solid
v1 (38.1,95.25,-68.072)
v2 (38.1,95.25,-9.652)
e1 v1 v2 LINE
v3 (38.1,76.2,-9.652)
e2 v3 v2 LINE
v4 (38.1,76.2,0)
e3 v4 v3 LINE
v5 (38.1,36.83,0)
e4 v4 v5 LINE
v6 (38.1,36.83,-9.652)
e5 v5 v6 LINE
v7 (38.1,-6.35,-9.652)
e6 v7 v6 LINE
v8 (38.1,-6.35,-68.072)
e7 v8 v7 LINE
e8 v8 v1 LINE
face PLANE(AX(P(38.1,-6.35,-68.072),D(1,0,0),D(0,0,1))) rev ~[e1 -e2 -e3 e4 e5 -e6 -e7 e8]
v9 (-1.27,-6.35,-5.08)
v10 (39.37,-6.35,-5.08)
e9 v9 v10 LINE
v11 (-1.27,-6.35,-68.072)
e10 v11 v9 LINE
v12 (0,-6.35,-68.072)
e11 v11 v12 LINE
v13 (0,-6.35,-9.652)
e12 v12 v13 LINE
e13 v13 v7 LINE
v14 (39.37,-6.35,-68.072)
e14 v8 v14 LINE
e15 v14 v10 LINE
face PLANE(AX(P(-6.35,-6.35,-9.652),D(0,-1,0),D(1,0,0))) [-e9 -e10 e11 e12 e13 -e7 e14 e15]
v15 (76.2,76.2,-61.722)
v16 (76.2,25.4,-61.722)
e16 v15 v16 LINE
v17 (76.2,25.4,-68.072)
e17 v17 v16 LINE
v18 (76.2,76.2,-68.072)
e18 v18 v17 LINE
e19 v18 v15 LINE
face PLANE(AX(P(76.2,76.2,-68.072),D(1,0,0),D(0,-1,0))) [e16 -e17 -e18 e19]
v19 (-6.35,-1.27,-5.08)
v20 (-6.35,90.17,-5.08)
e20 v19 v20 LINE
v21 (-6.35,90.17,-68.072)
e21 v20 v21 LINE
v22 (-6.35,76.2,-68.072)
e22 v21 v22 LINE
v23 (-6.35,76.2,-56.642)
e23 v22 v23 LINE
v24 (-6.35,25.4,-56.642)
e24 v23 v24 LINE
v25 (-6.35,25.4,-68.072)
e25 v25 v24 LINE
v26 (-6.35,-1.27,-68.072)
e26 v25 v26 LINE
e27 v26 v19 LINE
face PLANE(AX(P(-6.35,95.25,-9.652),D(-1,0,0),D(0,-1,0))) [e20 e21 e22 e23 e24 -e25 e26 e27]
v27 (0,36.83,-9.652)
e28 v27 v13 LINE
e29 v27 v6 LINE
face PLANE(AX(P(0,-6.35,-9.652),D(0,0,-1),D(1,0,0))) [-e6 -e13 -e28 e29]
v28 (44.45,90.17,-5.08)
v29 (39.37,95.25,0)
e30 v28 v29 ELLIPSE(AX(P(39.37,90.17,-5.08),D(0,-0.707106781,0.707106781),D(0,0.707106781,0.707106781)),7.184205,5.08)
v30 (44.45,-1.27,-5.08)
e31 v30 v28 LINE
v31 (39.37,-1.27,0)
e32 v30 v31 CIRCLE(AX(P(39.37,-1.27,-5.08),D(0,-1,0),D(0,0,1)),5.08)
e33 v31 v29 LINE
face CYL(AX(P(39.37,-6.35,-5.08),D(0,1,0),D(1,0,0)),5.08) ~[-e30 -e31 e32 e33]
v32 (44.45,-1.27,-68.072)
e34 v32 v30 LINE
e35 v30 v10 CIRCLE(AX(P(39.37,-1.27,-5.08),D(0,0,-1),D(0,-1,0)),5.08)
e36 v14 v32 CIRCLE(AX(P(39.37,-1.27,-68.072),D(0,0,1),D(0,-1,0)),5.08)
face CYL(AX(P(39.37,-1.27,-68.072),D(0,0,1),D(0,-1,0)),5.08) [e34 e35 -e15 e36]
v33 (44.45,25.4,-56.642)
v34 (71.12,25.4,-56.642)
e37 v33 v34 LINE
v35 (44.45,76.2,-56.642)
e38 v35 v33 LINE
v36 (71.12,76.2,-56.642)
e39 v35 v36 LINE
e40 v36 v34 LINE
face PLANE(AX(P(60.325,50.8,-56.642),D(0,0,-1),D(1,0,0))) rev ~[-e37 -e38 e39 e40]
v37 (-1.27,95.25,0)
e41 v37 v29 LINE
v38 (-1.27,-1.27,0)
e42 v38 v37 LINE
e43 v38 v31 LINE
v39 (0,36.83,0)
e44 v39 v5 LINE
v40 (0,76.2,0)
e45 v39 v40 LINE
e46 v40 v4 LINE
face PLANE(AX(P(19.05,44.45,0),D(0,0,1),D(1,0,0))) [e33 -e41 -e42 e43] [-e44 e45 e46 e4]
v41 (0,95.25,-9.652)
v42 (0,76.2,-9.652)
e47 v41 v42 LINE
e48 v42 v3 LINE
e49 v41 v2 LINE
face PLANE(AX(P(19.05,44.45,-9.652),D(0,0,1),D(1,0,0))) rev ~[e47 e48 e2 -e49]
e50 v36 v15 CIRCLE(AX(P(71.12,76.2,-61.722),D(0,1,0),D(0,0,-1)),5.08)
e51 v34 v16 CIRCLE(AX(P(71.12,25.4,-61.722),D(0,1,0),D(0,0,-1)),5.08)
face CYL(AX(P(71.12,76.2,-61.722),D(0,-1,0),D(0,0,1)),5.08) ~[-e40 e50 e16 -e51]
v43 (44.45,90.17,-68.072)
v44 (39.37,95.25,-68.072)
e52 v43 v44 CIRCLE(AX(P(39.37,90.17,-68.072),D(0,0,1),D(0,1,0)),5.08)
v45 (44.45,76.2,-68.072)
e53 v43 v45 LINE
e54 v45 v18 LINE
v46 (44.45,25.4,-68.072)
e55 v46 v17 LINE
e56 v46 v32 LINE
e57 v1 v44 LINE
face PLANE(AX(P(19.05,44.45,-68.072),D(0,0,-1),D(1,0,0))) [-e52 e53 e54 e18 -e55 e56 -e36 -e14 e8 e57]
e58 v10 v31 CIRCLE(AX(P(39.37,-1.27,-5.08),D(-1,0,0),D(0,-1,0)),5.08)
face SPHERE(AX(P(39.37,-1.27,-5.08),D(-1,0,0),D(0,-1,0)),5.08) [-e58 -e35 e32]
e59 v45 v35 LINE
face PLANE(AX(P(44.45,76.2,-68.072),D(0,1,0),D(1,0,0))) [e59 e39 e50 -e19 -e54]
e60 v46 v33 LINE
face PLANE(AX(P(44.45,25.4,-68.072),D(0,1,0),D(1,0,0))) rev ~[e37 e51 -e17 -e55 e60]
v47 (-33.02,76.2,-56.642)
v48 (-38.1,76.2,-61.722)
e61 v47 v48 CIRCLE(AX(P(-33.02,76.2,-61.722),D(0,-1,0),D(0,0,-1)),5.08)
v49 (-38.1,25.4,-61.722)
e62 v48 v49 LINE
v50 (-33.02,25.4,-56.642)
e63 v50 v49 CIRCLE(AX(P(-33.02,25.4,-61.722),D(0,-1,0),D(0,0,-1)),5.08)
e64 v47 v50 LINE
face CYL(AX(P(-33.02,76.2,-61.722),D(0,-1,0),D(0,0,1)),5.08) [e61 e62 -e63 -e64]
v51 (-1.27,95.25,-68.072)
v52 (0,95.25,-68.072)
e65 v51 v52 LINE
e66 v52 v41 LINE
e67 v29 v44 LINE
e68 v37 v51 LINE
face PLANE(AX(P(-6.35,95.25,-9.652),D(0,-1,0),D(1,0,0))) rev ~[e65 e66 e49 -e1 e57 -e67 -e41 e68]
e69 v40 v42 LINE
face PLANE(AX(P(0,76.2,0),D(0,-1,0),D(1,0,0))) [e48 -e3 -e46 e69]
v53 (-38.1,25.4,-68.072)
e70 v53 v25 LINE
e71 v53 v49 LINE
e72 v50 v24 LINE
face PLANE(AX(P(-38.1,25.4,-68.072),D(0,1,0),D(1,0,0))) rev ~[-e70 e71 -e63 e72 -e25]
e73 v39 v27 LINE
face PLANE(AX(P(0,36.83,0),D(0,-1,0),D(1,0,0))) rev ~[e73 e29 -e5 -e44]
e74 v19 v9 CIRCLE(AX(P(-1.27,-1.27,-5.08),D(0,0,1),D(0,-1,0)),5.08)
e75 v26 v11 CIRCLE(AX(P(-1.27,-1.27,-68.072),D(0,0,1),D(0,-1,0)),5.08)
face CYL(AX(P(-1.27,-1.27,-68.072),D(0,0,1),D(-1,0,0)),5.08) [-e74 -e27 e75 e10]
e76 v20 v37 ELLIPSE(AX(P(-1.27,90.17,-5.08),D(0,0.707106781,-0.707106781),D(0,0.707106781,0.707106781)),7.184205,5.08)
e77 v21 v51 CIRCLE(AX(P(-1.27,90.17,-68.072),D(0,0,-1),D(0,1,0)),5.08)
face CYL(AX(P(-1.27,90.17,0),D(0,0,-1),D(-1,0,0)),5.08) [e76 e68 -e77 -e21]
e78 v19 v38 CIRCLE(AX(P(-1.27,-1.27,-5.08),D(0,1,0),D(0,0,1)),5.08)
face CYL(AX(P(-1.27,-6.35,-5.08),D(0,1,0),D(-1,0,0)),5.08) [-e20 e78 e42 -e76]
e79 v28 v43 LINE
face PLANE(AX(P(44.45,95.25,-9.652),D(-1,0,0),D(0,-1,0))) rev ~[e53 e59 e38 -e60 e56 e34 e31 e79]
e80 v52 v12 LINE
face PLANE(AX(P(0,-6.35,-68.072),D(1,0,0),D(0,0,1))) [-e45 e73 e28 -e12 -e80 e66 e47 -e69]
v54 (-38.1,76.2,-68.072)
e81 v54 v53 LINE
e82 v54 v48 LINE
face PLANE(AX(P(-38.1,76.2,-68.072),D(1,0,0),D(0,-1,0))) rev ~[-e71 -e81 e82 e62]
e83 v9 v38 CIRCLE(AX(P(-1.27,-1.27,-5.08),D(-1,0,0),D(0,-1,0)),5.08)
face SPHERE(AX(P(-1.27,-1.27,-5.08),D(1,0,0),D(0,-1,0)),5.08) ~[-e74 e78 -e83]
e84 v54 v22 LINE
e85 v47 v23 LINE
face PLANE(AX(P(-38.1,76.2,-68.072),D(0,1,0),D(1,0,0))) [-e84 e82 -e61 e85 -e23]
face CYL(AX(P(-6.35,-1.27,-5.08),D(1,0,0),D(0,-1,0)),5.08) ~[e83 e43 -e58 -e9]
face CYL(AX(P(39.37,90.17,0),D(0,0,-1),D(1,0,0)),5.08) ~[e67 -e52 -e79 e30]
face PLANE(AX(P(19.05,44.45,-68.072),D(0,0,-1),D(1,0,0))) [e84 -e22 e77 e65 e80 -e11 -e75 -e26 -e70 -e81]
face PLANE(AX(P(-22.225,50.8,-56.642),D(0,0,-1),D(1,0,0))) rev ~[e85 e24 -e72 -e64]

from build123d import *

# Parameters (mm, degrees)
F0_W     = 50.8
F0_H     = 101.6
F0_W_2   = 38.1
F0_H_2   = 12.7
F0_H_3   = 36.83
F1_DEPTH = 9.652
F2_W     = 50.8
F2_H     = 101.6
F3_DEPTH = 58.42
F4_W     = 31.75
F4_H     = 50.8
F5_DEPTH = 11.43
F6_R     = 5.08
F7_W     = 38.1
F7_H     = 58.42
F8_DEPTH = 101.601
F9_R     = 5.08


with BuildPart() as f1:
    # F0 (on Top) → F1 (new body)
    with BuildSketch(Plane.XY):
        with Locations((19.05, 44.45)):
            Rectangle(F0_W, F0_H)
        Polygon((38.1, 0), (0, 0), (0, 36.83), (0, 76.2), (0, 88.9), (38.1, 88.9), (38.1, 76.2), (38.1, 36.83), align=None, mode=Mode.SUBTRACT)
        with Locations((19.05, 82.55)):
            Rectangle(F0_W_2, F0_H_2)
        with Locations((19.05, 18.415)):
            Rectangle(F0_W_2, F0_H_3)
    extrude(amount=-F1_DEPTH)

    # F2 (on face) → F3 (join)
    with BuildSketch(Plane(origin=(0, 0, -9.652), x_dir=(1, 0, 0), z_dir=(0, 0, -1))):
        with Locations((19.05, -44.45)):
            Rectangle(F2_W, F2_H)
        Polygon((0, -36.83), (0, 0), (38.1, 0), (38.1, -36.83), (38.1, -76.2), (38.1, -88.9), (0, -88.9), (0, -76.2), align=None, mode=Mode.SUBTRACT)
    extrude(amount=F3_DEPTH)

    # F4 (on face) → F5 (join)
    with BuildSketch(Plane(origin=(0, 0, -68.072), x_dir=(1, 0, 0), z_dir=(0, 0, -1))):
        with Locations((60.325, -50.8)):
            Rectangle(F4_W, F4_H)
        with Locations((-22.225, -50.8)):
            Rectangle(F4_W, F4_H)
    extrude(amount=-F5_DEPTH)

    # F6
    f6_edges = [f1.edges().sort_by_distance(p)[0] for p in [
        (-38.1, 50.8, -56.642),
        (76.2, 50.8, -56.642),
    ]]
    fillet(f6_edges, radius=F6_R)

    # F7 (on face) → F8 (cut, through all)
    with BuildSketch(Plane.XZ.offset(6.35)):
        with Locations((19.05, -38.862)):
            Rectangle(F7_W, F7_H)
    extrude(amount=-F8_DEPTH, mode=Mode.SUBTRACT)

    # F9
    f9_edges = [f1.edges().sort_by_distance(p)[0] for p in [
        (19.05, -6.35, 0),
        (44.45, -6.35, -34.036),
        (-6.35, -6.35, -34.036),
        (44.45, 44.45, 0),
        (-6.35, 44.45, 0),
        (44.45, 95.25, -34.036),
        (-6.35, 95.25, -34.036),
    ]]
    fillet(f9_edges, radius=F9_R)


solid = f1.part
